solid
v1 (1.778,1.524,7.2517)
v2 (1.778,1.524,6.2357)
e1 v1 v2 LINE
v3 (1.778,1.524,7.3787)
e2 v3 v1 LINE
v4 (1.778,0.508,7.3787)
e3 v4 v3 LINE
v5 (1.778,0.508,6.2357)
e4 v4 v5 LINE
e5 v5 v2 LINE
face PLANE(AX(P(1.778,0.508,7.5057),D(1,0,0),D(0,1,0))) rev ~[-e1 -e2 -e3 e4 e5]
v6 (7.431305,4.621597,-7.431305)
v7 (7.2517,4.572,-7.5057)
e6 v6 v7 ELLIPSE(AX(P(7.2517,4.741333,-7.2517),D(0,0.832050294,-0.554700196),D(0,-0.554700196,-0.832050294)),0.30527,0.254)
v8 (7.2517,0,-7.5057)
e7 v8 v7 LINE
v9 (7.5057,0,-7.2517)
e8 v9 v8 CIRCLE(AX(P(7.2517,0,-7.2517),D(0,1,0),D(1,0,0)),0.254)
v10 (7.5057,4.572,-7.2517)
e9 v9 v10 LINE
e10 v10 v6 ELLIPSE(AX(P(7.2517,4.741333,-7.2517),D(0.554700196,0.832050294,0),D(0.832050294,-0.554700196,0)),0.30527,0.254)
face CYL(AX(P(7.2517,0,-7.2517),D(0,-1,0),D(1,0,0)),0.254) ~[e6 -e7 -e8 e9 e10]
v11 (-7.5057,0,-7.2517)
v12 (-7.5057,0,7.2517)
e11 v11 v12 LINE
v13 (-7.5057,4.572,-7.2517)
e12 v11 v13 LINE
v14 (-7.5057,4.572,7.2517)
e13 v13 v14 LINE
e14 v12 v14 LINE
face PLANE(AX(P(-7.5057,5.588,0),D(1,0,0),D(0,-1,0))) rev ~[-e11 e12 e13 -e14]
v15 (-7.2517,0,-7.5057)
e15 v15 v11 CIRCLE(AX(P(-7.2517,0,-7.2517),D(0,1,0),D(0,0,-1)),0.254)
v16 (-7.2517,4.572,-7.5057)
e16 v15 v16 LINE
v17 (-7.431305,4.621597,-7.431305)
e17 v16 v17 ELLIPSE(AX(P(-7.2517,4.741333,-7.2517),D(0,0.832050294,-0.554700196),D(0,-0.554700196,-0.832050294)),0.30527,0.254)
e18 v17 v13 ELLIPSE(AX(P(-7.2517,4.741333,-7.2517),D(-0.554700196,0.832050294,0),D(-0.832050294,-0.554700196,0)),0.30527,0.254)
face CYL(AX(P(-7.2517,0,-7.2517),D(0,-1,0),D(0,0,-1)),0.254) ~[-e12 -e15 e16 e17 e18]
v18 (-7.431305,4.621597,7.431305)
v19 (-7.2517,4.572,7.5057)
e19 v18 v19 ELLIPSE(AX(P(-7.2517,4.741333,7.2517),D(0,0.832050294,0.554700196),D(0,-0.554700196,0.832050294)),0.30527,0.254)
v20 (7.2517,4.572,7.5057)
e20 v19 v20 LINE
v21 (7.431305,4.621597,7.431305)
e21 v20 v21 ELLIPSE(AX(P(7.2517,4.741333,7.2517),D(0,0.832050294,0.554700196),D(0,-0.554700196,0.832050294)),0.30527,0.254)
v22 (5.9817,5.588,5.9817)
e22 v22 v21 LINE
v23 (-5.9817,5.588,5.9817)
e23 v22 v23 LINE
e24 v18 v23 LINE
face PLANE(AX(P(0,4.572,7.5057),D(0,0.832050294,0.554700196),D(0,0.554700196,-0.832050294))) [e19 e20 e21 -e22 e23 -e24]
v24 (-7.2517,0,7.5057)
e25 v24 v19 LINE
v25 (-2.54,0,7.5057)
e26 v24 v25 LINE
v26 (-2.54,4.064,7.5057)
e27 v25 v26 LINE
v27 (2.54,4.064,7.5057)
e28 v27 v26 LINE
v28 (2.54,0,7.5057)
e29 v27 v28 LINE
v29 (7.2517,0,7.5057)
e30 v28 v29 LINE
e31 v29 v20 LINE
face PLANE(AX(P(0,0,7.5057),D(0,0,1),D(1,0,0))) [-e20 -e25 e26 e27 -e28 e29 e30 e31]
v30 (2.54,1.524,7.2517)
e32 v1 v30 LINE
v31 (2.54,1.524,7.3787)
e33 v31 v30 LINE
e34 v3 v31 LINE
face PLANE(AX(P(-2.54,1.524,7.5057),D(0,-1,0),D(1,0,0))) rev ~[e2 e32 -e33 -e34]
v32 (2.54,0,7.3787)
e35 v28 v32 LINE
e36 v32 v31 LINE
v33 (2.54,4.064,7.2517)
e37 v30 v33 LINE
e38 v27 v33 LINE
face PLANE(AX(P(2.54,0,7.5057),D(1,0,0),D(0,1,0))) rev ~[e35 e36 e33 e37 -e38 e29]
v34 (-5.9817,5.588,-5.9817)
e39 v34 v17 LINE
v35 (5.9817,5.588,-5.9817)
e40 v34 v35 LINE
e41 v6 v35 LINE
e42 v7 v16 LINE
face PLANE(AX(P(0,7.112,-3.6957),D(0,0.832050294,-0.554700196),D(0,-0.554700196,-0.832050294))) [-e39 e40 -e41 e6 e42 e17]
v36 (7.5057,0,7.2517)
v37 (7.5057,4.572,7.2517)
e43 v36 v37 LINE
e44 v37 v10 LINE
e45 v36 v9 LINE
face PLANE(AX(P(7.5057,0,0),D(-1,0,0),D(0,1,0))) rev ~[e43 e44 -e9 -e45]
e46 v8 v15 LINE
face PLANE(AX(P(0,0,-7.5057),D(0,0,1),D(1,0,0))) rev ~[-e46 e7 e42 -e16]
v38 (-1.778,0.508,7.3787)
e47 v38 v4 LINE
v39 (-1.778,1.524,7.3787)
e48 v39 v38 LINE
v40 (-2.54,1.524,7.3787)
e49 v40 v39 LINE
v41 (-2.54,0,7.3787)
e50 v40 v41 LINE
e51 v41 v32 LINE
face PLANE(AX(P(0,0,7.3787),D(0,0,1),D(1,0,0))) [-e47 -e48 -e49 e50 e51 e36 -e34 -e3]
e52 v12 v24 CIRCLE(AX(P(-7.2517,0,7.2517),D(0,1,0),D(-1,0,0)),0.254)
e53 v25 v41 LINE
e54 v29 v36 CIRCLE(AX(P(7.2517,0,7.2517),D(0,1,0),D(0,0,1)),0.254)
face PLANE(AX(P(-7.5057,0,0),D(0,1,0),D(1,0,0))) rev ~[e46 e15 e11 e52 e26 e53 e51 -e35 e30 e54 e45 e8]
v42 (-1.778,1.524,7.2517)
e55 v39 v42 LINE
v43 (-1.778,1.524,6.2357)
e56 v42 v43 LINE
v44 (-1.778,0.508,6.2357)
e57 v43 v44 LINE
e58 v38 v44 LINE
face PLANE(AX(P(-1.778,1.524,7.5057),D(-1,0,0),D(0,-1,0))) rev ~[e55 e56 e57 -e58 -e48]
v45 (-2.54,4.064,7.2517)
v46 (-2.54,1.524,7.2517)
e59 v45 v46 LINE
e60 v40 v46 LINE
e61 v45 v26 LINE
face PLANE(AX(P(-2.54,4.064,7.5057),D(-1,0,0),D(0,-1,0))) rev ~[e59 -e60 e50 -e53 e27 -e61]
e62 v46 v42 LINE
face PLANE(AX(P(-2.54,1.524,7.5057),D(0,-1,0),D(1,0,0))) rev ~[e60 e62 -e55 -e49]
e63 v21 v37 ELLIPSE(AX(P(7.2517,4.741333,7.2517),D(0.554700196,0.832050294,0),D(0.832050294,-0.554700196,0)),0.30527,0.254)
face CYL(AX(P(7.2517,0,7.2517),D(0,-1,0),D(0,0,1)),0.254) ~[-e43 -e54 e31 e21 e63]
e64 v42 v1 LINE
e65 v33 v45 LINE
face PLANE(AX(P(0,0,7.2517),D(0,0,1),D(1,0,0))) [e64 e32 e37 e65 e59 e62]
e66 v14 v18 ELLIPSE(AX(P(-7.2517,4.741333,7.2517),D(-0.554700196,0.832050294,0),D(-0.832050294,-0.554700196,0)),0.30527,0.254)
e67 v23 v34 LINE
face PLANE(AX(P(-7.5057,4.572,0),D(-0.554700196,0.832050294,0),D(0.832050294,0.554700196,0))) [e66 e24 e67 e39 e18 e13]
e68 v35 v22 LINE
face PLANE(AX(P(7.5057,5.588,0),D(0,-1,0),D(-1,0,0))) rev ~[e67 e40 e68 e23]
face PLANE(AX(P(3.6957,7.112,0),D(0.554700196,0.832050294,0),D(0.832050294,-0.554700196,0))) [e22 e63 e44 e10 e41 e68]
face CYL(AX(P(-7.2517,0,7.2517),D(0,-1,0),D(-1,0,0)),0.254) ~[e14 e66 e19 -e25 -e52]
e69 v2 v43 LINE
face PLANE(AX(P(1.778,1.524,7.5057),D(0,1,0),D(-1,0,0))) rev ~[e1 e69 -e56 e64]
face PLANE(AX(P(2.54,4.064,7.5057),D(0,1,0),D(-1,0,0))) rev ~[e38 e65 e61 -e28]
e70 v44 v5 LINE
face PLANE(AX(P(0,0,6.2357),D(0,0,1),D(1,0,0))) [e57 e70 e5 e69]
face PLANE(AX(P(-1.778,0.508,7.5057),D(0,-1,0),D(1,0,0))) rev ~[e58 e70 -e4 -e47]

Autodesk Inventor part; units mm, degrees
sketch "Sketch_13" plane through (0, 0, 0) normal (0, 0, 1) x (1, 0, 0)
  line L0 (-7.5057, 0) -> (7.5057, 0)
  line L1 (7.5057, 0) -> (7.5057, 5.588)
  line L2 (7.5057, 5.588) -> (-7.5057, 5.588)
  line L3 (-7.5057, 5.588) -> (-7.5057, 0)
extrude "Extrusion1" add sketch "Sketch_13" along normal mid plane 15.0114
sketch "Sketch_21" plane through (0, 0, 0) normal (0, 1, 0) x (-1, 0, 0)
  line L0 (8.89, 8.89) -> (-8.89, 8.89)
  line L1 (-8.89, 8.89) -> (-8.89, -8.89)
  line L2 (-8.89, -8.89) -> (8.89, -8.89)
  line L3 (8.89, -8.89) -> (8.89, 8.89)
  line L4 (7.5057, -7.2517) -> (7.5057, 7.2517)
  arc A0 (7.5057, 7.2517) -> (7.2517, 7.5057) centre (7.2517, 7.2517) ccw
  line L5 (7.2517, 7.5057) -> (-7.2517, 7.5057)
  arc A1 (-7.2517, 7.5057) -> (-7.5057, 7.2517) centre (-7.2517, 7.2517) ccw
  line L6 (-7.5057, 7.2517) -> (-7.5057, -7.2517)
  arc A2 (-7.5057, -7.2517) -> (-7.2517, -7.5057) centre (-7.2517, -7.2517) ccw
  line L7 (-7.2517, -7.5057) -> (7.2517, -7.5057)
  arc A3 (7.2517, -7.5057) -> (7.5057, -7.2517) centre (7.2517, -7.2517) ccw
extrude "Extrusion2" cut sketch "Sketch_21" along normal blind 7.62
sketch "Sketch_14" plane through (0, 0, 0) normal (0, 0, 1) x (1, 0, 0)
  line L0 (-7.5057, 8.128) -> (-7.5057, 4.572)
  line L1 (-7.5057, 4.572) -> (-3.6957, 7.112)
  line L2 (-3.6957, 7.112) -> (3.6957, 7.112)
  line L3 (3.6957, 7.112) -> (7.5057, 4.572)
  line L4 (7.5057, 4.572) -> (7.5057, 8.128)
  line L5 (7.5057, 8.128) -> (-7.5057, 8.128)
extrude "Extrusion3" cut sketch "Sketch_14" along normal mid plane 15.24
sketch "Sketch_15" plane through (0, 0, 0) normal (1, 0, 0) x (0, 1, 0)
  line L0 (8.128, 7.5057) -> (4.572, 7.5057)
  line L1 (4.572, 7.5057) -> (7.112, 3.6957)
  line L2 (7.112, 3.6957) -> (7.112, -3.6957)
  line L3 (7.112, -3.6957) -> (4.572, -7.5057)
  line L4 (4.572, -7.5057) -> (8.128, -7.5057)
  line L5 (8.128, -7.5057) -> (8.128, 7.5057)
extrude "Extrusion4" cut sketch "Sketch_15" along normal mid plane 15.24
sketch "Sketch_17" plane through (0, 0, 7.5057) normal (0, 0, 1) x (1, 0, 0)
  line L0 (-2.54, 0) -> (2.54, 0)
  line L1 (2.54, 0) -> (2.54, 4.064)
  line L2 (2.54, 4.064) -> (-2.54, 4.064)
  line L3 (-2.54, 4.064) -> (-2.54, 0)
extrude "Extrusion5" cut sketch "Sketch_17" against normal blind 0.127
sketch "Sketch_18" plane through (0, 0, 7.5057) normal (0, 0, 1) x (1, 0, 0)
  line L0 (-2.54, 1.524) -> (2.54, 1.524)
  line L1 (2.54, 1.524) -> (2.54, 4.064)
  line L2 (2.54, 4.064) -> (-2.54, 4.064)
  line L3 (-2.54, 4.064) -> (-2.54, 1.524)
extrude "Extrusion6" cut sketch "Sketch_18" against normal blind 0.254
sketch "Sketch_19" plane through (0, 0, 7.5057) normal (0, 0, 1) x (1, 0, 0)
  line L0 (-1.778, 0.508) -> (1.778, 0.508)
  line L1 (1.778, 0.508) -> (1.778, 1.524)
  line L2 (1.778, 1.524) -> (-1.778, 1.524)
  line L3 (-1.778, 1.524) -> (-1.778, 0.508)
extrude "Extrusion7" cut sketch "Sketch_19" against normal blind 1.27
ref_plane "lens_to_body_XY" through (0, 0, 0) normal (0, 1, 0) x (1, 0, 0)
ref_plane "lens_to_body_YZ" through (0, 0, 0) normal (1, 0, 0) x (0, 0, -1)
ref_plane "lens_to_body_ZX" through (0, 0, 0) normal (0, 0, -1) x (0, 1, 0)
properties part number "UB216KKW015C-NR"
